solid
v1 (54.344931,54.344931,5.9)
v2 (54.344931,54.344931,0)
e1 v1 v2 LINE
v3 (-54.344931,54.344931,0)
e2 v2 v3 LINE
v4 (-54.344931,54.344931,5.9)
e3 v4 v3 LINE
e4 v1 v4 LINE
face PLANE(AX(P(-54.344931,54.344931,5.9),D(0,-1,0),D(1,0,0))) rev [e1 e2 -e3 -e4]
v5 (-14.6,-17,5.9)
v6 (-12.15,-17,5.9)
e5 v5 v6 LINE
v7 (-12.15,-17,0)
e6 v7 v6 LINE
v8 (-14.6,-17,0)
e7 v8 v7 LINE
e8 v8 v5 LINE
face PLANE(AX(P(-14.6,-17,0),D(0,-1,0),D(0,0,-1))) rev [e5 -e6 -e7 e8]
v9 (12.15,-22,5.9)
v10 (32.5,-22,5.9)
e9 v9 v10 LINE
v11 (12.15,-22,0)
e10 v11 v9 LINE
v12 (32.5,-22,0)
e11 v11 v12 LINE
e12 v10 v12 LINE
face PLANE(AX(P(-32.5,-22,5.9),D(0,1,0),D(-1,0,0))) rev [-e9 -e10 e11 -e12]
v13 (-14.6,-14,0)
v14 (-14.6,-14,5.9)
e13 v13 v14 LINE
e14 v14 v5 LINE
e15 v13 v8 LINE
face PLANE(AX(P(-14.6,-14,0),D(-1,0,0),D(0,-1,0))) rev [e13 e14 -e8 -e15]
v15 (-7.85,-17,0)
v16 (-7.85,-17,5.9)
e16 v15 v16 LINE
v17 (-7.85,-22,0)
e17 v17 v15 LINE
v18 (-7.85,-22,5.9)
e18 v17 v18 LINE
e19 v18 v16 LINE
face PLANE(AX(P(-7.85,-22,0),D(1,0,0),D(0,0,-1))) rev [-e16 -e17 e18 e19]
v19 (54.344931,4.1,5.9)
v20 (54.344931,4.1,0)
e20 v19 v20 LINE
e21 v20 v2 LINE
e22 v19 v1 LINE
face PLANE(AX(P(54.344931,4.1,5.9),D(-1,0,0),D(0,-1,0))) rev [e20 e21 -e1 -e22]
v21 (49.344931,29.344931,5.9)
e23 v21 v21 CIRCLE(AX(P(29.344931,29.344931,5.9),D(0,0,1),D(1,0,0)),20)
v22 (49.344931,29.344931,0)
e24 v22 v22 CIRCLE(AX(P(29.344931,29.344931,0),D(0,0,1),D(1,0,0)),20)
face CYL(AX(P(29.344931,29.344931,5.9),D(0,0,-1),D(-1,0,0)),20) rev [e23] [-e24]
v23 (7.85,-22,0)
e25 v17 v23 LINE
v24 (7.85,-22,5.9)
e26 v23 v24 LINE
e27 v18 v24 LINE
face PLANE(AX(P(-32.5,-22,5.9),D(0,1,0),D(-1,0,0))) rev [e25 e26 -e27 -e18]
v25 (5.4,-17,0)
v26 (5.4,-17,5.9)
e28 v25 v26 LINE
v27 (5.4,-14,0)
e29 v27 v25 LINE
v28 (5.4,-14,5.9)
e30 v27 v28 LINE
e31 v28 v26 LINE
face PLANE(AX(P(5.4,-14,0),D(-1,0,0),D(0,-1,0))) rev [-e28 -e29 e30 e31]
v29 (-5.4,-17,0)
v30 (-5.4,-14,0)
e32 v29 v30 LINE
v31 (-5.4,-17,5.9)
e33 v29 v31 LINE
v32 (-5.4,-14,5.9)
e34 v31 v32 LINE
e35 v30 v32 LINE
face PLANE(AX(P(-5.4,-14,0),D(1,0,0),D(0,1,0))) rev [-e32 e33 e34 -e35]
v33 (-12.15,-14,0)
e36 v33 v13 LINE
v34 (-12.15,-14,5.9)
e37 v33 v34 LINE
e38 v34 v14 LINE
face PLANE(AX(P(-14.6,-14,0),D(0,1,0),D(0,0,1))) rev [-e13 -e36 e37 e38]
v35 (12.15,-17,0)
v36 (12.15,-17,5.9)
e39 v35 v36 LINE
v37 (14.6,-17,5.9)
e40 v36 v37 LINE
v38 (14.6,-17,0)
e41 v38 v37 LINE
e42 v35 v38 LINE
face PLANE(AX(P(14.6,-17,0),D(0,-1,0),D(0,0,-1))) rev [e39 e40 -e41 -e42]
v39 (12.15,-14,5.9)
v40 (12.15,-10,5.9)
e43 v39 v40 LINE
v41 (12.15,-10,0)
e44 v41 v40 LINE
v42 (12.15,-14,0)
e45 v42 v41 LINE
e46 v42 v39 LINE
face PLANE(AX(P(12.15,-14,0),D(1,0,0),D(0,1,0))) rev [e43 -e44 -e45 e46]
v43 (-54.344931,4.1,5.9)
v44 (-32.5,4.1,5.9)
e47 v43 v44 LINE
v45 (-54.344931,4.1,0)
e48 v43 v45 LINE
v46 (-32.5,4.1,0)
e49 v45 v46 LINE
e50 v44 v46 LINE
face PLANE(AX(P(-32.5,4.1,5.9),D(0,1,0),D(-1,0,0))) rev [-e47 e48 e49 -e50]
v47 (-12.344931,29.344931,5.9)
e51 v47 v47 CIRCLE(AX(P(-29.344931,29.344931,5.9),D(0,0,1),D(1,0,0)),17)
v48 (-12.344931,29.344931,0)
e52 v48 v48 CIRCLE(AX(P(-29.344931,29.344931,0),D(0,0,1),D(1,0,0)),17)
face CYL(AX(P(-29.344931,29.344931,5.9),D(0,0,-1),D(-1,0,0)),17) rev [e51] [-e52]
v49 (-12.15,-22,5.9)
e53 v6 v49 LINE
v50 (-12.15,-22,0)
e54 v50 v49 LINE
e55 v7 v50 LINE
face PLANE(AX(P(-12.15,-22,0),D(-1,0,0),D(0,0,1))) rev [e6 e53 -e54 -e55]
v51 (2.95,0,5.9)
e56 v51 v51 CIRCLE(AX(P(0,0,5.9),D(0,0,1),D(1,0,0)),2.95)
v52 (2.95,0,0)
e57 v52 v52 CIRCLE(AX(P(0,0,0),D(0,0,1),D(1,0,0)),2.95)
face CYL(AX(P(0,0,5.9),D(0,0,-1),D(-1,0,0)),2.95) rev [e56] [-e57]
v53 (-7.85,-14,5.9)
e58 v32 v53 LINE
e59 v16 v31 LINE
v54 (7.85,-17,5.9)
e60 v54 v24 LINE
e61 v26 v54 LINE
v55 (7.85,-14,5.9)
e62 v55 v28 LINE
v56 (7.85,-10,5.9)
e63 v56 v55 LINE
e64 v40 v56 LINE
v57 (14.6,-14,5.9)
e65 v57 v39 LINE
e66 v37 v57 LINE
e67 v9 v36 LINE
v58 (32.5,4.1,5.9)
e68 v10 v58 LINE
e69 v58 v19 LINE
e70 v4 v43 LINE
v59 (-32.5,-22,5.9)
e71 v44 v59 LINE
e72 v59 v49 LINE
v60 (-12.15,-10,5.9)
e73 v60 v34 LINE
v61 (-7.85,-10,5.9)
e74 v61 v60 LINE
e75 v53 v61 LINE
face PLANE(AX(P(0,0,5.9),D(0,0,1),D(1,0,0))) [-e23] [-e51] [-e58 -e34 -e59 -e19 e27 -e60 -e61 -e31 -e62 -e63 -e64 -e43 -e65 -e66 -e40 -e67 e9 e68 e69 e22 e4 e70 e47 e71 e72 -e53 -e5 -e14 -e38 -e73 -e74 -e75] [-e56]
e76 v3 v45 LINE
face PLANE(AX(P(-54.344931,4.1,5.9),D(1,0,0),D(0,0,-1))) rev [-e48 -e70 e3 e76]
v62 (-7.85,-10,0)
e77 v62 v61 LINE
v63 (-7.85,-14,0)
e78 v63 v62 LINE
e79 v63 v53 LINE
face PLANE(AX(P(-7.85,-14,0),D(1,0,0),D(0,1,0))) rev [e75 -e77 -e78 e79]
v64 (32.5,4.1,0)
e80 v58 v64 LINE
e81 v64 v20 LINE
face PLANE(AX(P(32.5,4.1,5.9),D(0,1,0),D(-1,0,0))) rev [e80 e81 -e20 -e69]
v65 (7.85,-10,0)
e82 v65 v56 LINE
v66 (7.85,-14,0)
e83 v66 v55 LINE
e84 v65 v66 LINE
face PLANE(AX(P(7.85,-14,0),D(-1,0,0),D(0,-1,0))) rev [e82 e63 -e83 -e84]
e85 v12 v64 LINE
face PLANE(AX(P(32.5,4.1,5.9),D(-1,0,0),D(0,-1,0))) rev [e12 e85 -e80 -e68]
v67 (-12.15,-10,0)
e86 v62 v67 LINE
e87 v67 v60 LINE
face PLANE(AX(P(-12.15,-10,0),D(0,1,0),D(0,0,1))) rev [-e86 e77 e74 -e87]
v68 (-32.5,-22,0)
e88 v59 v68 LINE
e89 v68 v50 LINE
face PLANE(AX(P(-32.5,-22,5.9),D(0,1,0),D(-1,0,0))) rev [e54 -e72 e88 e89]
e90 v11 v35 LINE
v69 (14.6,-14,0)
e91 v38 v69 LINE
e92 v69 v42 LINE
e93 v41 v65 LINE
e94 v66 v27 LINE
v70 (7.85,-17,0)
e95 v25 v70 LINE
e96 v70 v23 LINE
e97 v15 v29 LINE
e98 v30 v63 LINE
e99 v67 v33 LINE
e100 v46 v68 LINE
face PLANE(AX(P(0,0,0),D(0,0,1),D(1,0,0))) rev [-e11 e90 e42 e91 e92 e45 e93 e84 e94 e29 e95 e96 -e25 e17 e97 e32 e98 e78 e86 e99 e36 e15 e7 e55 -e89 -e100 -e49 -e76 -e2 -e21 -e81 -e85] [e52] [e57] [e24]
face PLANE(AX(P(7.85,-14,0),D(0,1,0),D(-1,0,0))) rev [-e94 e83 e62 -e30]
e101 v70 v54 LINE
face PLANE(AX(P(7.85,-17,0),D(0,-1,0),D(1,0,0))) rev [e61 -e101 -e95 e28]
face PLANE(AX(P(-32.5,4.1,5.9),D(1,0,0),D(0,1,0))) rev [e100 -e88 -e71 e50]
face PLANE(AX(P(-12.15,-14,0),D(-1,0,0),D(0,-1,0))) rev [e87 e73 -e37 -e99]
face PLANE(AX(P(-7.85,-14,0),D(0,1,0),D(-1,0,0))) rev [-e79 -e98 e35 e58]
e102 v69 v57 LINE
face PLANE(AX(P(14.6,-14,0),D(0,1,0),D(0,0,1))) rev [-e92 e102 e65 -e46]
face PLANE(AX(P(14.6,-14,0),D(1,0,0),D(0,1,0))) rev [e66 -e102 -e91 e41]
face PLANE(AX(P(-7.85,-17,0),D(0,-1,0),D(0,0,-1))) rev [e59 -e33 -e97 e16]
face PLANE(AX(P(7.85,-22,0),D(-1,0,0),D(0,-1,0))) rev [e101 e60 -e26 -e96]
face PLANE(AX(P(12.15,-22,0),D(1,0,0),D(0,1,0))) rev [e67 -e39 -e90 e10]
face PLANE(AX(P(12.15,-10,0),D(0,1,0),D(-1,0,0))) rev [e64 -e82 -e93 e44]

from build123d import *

# Parameters (mm, degrees)
SKETCH1_R           = 2.95
SKETCH1_R_2         = 17
SKETCH1_R_3         = 20
BOSS_EXTRUDE1_DEPTH = 5.9
CUT_EXTRUDE2_DEPTH  = 78.081470808


with BuildPart() as part:
    # Sketch1 → Boss-Extrude1 (new body)
    with BuildSketch(Plane.XY):
        Polygon((-32.5, 4.1), (-32.5, -22), (32.5, -22), (32.5, 4.1), (54.344931419, 4.1), (54.344931419, 54.344931419), (-54.344931419, 54.344931419), (-54.344931419, 4.1), align=None)
        Circle(SKETCH1_R, mode=Mode.SUBTRACT)
        with Locations((-29.344931419, 29.344931419)):
            Circle(SKETCH1_R_2, mode=Mode.SUBTRACT)
        with Locations((29.344931419, 29.344931419)):
            Circle(SKETCH1_R_3, mode=Mode.SUBTRACT)
    extrude(amount=BOSS_EXTRUDE1_DEPTH)

    # Sketch3 → Cut-Extrude2 (cut, through all)
    with BuildSketch(Plane.XY.offset(5.9)):
        Polygon((-12.15, -22), (-7.85, -22), (-7.85, -17), (-5.4, -17), (-5.4, -14), (-7.85, -14), (-7.85, -10), (-12.15, -10), (-12.15, -14), (-14.6, -14), (-14.6, -17), (-12.15, -17), align=None)
        Polygon((7.85, -14), (7.85, -10), (12.15, -10), (12.15, -14), (14.6, -14), (14.6, -17), (12.15, -17), (12.15, -22), (7.85, -22), (7.85, -17), (5.4, -17), (5.4, -14), align=None)
    extrude(amount=-CUT_EXTRUDE2_DEPTH, mode=Mode.SUBTRACT)


solid = part.part
